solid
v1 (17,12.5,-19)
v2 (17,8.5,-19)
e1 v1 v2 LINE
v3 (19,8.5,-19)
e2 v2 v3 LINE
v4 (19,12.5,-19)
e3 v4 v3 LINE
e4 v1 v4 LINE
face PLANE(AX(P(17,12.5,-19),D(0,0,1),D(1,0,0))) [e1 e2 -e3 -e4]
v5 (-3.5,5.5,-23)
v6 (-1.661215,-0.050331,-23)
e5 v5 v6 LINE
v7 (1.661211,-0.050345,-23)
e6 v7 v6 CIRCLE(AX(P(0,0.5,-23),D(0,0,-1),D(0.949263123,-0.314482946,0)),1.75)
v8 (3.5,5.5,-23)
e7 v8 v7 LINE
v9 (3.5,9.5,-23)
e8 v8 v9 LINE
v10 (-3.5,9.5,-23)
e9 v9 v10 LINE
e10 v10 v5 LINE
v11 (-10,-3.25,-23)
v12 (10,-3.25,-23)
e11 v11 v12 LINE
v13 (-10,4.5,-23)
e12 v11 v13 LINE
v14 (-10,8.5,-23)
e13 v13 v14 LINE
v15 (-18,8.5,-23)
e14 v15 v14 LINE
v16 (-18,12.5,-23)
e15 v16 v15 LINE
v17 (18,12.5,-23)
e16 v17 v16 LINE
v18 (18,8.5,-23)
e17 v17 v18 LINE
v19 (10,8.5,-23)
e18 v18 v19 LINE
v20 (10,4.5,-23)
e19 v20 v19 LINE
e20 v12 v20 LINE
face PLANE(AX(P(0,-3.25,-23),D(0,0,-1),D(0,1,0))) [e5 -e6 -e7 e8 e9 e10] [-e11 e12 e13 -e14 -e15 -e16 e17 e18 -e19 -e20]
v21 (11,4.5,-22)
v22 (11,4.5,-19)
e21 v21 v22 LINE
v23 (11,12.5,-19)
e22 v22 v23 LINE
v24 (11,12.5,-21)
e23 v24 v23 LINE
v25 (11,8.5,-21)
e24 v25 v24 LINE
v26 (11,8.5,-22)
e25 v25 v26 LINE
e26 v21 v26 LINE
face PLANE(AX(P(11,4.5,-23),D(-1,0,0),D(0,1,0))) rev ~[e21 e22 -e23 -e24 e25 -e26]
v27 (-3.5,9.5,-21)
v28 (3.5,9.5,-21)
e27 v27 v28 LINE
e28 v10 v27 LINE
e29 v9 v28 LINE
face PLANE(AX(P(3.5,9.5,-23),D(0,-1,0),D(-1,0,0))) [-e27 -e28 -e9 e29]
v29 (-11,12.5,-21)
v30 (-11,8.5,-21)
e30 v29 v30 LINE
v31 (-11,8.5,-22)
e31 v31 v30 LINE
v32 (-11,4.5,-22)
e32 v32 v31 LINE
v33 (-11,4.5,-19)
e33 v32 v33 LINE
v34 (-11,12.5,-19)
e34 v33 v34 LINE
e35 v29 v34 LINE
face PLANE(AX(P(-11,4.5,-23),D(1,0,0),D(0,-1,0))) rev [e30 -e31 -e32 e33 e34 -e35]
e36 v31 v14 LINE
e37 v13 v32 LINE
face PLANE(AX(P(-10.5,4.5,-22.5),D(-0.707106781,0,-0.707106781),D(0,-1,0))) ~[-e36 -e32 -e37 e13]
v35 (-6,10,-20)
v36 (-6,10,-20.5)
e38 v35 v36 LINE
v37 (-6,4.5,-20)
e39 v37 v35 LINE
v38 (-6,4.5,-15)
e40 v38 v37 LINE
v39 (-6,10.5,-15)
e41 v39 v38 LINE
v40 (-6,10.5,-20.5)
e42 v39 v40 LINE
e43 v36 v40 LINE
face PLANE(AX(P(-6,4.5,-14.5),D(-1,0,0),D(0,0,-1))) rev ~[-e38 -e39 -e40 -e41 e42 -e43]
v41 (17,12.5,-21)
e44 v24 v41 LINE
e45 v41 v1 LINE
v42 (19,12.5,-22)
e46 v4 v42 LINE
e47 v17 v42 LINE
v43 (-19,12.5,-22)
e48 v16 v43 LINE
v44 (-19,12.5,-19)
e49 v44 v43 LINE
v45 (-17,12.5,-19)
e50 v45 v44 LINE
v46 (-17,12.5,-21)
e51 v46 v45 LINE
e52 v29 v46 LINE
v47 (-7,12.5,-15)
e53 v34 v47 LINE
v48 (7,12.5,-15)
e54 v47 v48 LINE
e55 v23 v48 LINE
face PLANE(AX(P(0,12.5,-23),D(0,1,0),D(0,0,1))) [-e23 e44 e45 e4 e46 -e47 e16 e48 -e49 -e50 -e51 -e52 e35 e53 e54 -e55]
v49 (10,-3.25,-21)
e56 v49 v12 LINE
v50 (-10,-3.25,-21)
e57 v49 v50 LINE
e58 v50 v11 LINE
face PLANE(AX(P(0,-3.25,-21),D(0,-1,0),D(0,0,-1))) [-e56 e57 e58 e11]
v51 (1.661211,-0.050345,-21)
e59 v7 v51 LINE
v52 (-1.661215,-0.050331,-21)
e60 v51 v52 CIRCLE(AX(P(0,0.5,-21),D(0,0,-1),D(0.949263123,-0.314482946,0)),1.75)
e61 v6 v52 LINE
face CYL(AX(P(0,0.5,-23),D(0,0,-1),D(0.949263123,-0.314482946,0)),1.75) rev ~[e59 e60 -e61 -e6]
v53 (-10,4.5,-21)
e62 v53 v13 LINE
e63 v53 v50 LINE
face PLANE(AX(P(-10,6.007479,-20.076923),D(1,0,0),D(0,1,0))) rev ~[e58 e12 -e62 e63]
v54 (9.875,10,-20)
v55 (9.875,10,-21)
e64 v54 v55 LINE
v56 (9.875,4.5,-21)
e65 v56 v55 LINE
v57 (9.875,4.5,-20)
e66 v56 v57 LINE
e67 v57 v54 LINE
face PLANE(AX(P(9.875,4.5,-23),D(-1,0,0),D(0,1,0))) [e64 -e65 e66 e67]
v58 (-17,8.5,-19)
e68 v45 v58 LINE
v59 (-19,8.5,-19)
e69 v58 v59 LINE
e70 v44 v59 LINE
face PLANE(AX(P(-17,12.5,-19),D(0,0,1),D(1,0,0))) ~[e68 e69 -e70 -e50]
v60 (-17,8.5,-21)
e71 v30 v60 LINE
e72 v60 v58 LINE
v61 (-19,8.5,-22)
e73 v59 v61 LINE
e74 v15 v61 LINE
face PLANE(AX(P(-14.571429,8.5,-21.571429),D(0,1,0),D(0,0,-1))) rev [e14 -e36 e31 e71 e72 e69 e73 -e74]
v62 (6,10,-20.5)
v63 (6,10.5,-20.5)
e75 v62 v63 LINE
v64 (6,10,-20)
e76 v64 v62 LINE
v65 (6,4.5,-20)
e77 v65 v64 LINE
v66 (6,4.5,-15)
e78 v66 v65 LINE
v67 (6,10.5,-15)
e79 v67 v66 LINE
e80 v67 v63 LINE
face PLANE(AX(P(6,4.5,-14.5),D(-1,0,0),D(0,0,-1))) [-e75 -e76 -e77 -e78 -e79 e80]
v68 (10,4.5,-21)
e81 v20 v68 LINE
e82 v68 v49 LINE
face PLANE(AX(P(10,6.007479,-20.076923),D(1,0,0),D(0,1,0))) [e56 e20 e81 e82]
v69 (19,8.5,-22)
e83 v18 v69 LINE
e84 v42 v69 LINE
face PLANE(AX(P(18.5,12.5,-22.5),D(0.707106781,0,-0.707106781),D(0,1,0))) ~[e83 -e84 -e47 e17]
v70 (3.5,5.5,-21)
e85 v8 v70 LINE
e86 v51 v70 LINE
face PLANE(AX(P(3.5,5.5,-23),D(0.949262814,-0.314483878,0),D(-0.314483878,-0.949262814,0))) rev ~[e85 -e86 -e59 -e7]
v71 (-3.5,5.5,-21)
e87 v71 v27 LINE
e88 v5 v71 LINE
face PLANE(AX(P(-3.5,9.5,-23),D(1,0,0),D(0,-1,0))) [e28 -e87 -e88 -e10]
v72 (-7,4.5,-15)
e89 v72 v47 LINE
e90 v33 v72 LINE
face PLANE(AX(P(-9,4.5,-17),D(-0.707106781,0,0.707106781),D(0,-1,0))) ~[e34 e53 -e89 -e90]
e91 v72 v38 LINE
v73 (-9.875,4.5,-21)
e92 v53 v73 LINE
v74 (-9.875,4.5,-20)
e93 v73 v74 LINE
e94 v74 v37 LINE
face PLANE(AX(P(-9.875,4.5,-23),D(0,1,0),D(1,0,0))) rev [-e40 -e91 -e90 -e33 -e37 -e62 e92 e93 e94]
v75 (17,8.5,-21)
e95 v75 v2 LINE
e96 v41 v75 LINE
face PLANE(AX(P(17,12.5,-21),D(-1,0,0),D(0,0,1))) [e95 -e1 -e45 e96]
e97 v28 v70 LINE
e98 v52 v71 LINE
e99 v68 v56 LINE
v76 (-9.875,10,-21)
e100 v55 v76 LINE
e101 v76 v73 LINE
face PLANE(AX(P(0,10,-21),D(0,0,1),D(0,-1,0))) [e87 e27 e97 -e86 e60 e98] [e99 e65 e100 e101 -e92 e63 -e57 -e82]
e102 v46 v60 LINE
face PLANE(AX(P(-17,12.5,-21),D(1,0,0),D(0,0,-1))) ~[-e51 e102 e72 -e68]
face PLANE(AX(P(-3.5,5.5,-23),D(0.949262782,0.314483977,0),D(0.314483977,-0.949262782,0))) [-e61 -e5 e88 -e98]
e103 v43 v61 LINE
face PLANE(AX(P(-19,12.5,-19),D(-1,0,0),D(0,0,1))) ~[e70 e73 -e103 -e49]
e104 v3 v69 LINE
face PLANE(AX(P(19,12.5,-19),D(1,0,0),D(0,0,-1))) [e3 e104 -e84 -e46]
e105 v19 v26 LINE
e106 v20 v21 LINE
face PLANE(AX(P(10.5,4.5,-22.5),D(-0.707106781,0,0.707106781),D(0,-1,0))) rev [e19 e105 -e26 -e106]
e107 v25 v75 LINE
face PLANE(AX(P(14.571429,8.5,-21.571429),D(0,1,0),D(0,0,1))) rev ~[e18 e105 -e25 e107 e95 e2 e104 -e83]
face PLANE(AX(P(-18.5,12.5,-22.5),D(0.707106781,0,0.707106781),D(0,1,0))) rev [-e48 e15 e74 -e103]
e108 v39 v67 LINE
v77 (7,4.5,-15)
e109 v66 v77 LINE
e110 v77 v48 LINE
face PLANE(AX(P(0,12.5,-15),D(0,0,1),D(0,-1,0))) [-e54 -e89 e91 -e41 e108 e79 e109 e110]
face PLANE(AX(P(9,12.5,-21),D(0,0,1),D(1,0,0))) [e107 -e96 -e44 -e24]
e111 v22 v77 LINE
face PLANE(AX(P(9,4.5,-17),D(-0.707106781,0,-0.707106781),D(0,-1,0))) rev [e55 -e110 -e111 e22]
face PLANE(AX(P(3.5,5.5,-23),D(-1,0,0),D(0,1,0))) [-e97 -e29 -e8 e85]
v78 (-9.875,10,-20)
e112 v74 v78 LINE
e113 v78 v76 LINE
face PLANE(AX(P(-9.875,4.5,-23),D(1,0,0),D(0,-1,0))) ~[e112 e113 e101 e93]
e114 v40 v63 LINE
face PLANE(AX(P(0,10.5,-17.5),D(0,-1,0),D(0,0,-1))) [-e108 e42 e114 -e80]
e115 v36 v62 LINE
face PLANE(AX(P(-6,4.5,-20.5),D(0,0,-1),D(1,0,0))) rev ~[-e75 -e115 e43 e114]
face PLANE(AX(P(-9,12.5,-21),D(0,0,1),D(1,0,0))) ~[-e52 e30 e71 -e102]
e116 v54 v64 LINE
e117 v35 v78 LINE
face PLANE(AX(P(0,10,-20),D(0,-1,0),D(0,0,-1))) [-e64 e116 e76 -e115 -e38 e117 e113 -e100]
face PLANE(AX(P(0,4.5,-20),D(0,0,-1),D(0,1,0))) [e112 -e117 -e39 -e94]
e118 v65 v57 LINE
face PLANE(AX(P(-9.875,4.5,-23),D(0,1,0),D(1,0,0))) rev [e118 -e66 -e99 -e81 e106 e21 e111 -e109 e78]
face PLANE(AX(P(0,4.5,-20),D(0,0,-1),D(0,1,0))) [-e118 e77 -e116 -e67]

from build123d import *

# Parameters (mm, degrees)
PAD012_DEPTH    = 10
SKETCH042_W     = 8
SKETCH042_H     = 1.125
PAD013_DEPTH    = 8
SKETCH043_W     = 6
SKETCH043_H     = 12
POCKET028_DEPTH = 6
POCKET029_DEPTH = 5
CHAMFER027_SIZE = 1
CHAMFER028_SIZE = 4
PAD014_DEPTH    = 4
CHAMFER029_SIZE = 1


with BuildPart() as part:
    # Sketch041 → Pad012 (new body, symmetric)
    with BuildSketch(Plane.YZ):
        Polygon((-3.25, -21), (-3.25, -23), (12.5, -23), (12.5, -15), (4.5, -15), (4.5, -20), (10, -20), (10, -21), align=None)
    extrude(amount=PAD012_DEPTH, both=True)

    # Sketch042 → Pad013 (new body)
    with BuildSketch(Plane.YX.offset(23)):
        with Locations((8.5, 10.4375)):
            Rectangle(SKETCH042_W, SKETCH042_H)
    pad013 = extrude(amount=-PAD013_DEPTH)

    # Mirrored003: Pad013 across Sketch042 H_Axis
    add(pad013.mirror(Plane(origin=(0, 0, -23), x_dir=(0, 0, -1), z_dir=(1, 0, 0))))

    # Sketch043 → Pocket028 (cut)
    with BuildSketch(Plane(origin=(0, 4.5, 0), x_dir=(0, 0, -1), z_dir=(0, -1, 0))):
        with Locations((17.5, 0)):
            Rectangle(SKETCH043_W, SKETCH043_H)
    extrude(amount=-POCKET028_DEPTH, mode=Mode.SUBTRACT)

    # Sketch044 → Pocket029 (cut)
    with BuildSketch(Plane.YX.offset(23)):
        with BuildLine():
            Line((5.5, 3.5), (9.5, 3.5))
            Line((9.5, 3.5), (9.5, -3.5))
            Line((9.5, -3.5), (5.5, -3.5))
            Line((5.5, -3.5), (-0.050331, -1.661215))
            ThreePointArc((-0.050345, 1.661211), (-1.25, -7e-06), (-0.050331, -1.661215))
            Line((5.5, 3.5), (-0.050345, 1.661211))
        make_face()
    extrude(amount=-POCKET029_DEPTH, mode=Mode.SUBTRACT)

    # Chamfer027
    chamfer027_edges = [part.edges().sort_by_distance(p)[0] for p in [
        (11, 8.5, -23),
        (-11, 8.5, -23),
    ]]
    chamfer(chamfer027_edges, length=CHAMFER027_SIZE)

    # Chamfer028
    chamfer028_edges = [part.edges().sort_by_distance(p)[0] for p in [
        (-11, 8.5, -15),
        (11, 8.5, -15),
    ]]
    chamfer(chamfer028_edges, length=CHAMFER028_SIZE)

    # Sketch045 → Pad014 (new body)
    with BuildSketch(Plane.ZX.offset(12.5)):
        Polygon((-23, 9), (-21, 9), (-21, 17), (-19, 17), (-19, 19), (-23, 19), align=None)
    pad014 = extrude(amount=-PAD014_DEPTH)

    # Mirrored004: Pad014 across Sketch045 H_Axis
    add(pad014.mirror(Plane(origin=(0, 12.5, 0), x_dir=(0, 1, 0), z_dir=(1, 0, 0))))

    # Chamfer029
    chamfer029_edges = [part.edges().sort_by_distance(p)[0] for p in [
        (-19, 10.5, -23),
        (19, 10.5, -23),
    ]]
    chamfer(chamfer029_edges, length=CHAMFER029_SIZE)


solid = part.part
